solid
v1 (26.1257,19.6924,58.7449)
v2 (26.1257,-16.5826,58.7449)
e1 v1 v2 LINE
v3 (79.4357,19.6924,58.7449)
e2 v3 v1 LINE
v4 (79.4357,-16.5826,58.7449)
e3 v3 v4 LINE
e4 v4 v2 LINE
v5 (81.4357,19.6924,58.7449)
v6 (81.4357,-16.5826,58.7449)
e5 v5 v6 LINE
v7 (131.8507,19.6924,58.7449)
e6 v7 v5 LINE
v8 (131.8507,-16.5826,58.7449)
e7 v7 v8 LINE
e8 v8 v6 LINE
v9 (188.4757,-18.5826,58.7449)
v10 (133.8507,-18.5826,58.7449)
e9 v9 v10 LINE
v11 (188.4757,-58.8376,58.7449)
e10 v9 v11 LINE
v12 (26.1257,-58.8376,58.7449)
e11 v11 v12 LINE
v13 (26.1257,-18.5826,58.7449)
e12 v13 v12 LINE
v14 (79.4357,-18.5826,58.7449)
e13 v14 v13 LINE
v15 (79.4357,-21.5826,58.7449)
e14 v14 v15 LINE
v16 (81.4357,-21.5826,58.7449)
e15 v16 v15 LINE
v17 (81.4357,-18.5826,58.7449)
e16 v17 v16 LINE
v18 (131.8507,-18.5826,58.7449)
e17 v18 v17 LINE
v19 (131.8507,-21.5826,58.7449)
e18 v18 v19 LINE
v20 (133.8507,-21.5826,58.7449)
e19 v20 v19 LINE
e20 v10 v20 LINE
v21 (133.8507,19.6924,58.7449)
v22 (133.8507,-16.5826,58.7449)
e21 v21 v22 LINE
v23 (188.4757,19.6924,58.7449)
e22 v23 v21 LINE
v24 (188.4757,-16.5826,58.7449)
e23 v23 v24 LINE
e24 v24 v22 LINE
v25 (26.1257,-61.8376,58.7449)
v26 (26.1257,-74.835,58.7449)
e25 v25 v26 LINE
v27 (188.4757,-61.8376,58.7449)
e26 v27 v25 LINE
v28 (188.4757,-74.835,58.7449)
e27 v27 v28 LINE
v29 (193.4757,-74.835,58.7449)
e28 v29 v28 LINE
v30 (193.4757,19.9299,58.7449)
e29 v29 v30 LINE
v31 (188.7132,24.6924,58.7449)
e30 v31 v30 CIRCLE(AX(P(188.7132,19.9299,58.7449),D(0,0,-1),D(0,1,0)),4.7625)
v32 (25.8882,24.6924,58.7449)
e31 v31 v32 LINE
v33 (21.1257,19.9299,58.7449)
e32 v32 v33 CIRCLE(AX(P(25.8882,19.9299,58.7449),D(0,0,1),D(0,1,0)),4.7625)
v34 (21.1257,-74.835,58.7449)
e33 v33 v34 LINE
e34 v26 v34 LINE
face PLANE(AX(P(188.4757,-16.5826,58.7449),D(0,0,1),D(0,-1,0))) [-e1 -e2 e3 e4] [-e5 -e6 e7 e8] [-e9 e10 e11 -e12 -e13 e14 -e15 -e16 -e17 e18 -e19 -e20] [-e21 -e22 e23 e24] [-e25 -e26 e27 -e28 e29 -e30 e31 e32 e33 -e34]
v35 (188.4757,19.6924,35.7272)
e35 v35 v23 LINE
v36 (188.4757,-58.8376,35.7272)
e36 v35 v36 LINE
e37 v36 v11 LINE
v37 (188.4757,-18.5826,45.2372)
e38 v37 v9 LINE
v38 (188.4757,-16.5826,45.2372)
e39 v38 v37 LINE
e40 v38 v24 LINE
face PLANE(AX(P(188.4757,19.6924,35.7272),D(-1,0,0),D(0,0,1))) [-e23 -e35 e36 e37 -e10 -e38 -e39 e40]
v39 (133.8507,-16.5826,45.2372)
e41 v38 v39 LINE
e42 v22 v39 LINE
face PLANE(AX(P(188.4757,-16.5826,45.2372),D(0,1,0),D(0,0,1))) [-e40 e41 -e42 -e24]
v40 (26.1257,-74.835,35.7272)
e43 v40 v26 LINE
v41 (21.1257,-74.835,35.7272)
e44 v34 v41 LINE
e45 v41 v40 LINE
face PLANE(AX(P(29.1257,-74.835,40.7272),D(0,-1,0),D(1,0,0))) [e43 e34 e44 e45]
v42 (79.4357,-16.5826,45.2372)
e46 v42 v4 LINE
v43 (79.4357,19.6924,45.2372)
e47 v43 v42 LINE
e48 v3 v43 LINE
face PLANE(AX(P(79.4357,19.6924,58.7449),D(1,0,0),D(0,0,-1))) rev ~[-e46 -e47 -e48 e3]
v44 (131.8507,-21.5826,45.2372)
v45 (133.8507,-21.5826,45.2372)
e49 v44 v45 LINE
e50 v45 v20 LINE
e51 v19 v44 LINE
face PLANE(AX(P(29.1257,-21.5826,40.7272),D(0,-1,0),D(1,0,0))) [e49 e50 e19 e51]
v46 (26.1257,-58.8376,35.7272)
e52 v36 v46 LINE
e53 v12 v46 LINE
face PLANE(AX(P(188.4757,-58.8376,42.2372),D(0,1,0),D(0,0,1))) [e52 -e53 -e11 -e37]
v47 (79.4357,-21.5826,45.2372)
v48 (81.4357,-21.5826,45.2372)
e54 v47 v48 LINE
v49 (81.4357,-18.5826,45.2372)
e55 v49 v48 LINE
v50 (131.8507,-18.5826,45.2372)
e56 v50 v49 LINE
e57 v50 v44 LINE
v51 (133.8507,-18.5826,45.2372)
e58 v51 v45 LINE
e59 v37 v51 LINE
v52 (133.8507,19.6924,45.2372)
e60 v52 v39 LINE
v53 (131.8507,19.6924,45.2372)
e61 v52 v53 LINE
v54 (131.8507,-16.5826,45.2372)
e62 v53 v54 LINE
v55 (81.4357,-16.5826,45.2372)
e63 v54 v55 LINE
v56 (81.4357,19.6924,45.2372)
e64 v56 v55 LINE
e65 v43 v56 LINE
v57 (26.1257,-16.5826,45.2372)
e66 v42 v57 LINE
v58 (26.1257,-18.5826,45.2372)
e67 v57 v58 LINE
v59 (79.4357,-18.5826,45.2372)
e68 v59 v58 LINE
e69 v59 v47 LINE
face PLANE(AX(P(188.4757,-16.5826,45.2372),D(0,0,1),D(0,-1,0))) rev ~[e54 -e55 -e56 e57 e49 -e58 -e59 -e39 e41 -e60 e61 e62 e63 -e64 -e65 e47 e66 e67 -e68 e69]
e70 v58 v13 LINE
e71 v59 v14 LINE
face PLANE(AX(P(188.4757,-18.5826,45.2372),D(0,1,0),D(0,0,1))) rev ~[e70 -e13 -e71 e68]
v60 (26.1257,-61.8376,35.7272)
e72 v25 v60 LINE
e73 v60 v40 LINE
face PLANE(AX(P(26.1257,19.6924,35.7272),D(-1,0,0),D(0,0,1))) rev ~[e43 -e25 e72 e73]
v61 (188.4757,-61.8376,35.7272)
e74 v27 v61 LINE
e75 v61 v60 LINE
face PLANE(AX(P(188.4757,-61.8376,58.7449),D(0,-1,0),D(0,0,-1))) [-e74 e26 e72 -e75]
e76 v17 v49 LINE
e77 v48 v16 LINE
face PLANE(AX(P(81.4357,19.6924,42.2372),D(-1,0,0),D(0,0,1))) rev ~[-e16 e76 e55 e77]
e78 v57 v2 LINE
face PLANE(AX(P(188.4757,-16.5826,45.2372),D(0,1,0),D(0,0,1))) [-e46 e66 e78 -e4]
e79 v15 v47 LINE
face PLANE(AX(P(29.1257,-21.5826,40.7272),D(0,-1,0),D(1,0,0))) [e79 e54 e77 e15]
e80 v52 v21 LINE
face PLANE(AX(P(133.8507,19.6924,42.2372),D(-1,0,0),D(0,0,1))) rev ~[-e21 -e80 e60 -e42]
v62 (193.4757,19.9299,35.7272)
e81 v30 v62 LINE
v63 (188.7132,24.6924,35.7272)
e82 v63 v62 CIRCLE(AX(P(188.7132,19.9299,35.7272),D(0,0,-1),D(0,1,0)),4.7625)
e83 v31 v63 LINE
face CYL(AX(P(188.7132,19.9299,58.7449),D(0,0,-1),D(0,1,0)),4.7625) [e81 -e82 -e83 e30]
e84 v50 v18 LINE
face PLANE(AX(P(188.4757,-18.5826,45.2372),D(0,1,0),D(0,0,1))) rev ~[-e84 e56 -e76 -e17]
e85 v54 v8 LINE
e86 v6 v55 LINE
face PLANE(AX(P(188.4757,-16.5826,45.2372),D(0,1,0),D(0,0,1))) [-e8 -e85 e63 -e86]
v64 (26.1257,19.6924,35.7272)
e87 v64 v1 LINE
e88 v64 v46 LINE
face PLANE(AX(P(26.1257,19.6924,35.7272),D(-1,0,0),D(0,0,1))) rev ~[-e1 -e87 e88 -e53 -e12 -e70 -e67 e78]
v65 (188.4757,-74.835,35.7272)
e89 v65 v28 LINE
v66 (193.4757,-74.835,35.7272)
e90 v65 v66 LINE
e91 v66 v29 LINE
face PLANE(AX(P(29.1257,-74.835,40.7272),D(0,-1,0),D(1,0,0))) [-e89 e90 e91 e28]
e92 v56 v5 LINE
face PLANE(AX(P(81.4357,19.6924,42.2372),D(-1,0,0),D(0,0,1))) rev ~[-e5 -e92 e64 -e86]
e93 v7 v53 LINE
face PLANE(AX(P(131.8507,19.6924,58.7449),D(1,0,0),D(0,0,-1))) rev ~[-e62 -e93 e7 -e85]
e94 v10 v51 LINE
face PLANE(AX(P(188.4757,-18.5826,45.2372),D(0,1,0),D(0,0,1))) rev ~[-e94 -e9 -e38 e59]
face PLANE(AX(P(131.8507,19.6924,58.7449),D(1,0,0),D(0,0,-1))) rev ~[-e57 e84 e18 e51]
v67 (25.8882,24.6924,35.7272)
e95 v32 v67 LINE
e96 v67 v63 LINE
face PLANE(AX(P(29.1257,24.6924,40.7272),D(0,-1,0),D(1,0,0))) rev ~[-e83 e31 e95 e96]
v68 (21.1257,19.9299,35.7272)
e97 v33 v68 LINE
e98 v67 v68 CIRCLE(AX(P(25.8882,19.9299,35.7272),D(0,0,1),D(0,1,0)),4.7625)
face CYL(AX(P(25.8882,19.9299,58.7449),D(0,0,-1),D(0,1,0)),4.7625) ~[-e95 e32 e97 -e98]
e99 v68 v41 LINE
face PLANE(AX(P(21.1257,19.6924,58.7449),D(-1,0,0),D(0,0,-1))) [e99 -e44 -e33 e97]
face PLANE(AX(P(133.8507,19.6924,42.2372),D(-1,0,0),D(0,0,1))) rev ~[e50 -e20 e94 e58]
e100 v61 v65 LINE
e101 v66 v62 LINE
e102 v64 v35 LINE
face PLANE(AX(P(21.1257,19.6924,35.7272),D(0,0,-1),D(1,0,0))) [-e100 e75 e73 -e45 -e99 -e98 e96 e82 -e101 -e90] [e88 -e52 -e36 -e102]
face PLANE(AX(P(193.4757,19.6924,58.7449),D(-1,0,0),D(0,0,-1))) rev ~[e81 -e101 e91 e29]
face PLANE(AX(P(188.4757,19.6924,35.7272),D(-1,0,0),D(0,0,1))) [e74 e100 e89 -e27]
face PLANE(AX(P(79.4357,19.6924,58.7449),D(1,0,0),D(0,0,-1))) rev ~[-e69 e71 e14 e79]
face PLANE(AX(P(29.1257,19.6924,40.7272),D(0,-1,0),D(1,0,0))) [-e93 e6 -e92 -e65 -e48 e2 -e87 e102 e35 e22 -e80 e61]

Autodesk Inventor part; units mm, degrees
ref_plane "YZ Plane" through (0, 0, 0) normal (1, 0, 0) x (0, 1, 0)
ref_plane "XZ Plane" through (0, 0, 0) normal (0, 1, 0) x (-1, 0, 0)
ref_plane "XY Plane" through (0, 0, 0) normal (0, 0, 1) x (1, 0, 0)
ref_plane "boardTop(tolerance)" through (29.1257, 19.6924, 40.7272) normal (0, -1, 0) x (1, 0, 0)
sketch "Sketch3" plane through (29.1257, 19.6924, 40.7272) normal (0, -1, 0) x (1, 0, 0)
  line L0 (-2, 1.51) -> (-2, 0)
  line L1 (158.35, 0) -> (158.35, 1.51)
  line L2 (-8, 18.0177) -> (-8, -5)
  line L3 (164.35, 18.0177) -> (164.35, -5)
  line L4 (164.35, 18.0177) -> (-8, 18.0177)
  line L5 (-8, -5) -> (164.35, -5)
  point P0 (-29.1257, -40.7272)
  point P1 (158.35, 0.755)
  dimension "d12" = 6
  dimension "d13" = 6
extrude "Extrusion3" add sketch "Sketch3" against normal blind 5
ref_plane "boardBottom(tolerance)" through (185.4757, -59.8376, 42.2372) normal (0, -1, 0) x (-1, 0, 0)
sketch "Sketch4" plane through (29.1257, 19.6924, 40.7272) normal (0, -1, 0) x (1, 0, 0)
  line L0 (-2, 1.51) -> (-2, 0)
  line L1 (158.35, 1.51) -> (158.35, 0)
  line L2 (-8, 18.0177) -> (-8, -5) projected
  line L3 (-8, -5) -> (164.35, -5) projected
  line L4 (164.35, -5) -> (164.35, 18.0177) projected
  line L5 (164.35, 18.0177) -> (-8, 18.0177) projected
  line L6 (159.35, -5) -> (159.35, 18.0177)
  line L7 (-8, 18.0177) -> (164.35, 18.0177) projected
  line L8 (-3, -5) -> (-3, 18.0177)
  point P0 (-29.1257, -40.7272)
  point P1 (158.35, 0.755)
  point P2 (-2, 0.755)
  point P3 (-3, 18.0177)
  dimension "d17" = 1
  dimension "d18" = 1
extrude "Extrusion4" add sketch "Sketch4" along normal blind 94.5274 contours L5 L8 L3 L2 | L5 L4 L3 L6
ref_plane "boardRight(tolerance)" through (188.4757, 19.6924, 35.7272) normal (-1, 0, 0) x (0, -1, 0)
sketch "Sketch5" plane through (188.4757, -74.835, 35.7272) normal (-1, 0, 0) x (0, 0, 1)
  line L0 (5, 15.9974) -> (6.51, 15.9974) projected
  line L1 (0, 94.5274) -> (23.0177, 94.5274) projected
  line L2 (0, 94.5274) -> (0, 0) projected
  line L3 (23.0177, 0) -> (0, 0) projected
  line L4 (23.0177, 94.5274) -> (23.0177, 0) projected
  line L5 (0, 94.5274) -> (0, 0) projected
  line L6 (0, 15.9974) -> (23.0177, 15.9974)
  line L7 (23.0177, 15.9974) -> (23.0177, 12.9974)
  line L8 (23.0177, 12.9974) -> (0, 12.9974)
  line L9 (0, 12.9974) -> (0, 15.9974)
  point P0 (-35.7272, 74.835)
  point P1 (0, 12.9974)
  point P2 (6.51, 15.9974)
  dimension "d21" = 3
ref_plane "boardLeft(tolerance)" through (26.1257, 19.6924, 58.7449) normal (1, 0, 0) x (0, -1, 0)
extrude "Extrusion5" add sketch "Sketch5" along normal up to surface (162.35 mm away) contours L0 L6 L4 L8 L2
sketch "Sketch6" plane through (29.1257, 19.6924, 40.7272) normal (0, -1, 0) x (1, 0, 0)
  line L0 (48.3131, 6.295) -> (48.54, 4.395) projected
  line L1 (54.3069, 2.495) -> (54.08, 4.395) projected
  line L2 (99.8531, 6.295) -> (100.08, 4.395) projected
  line L3 (107.5969, 2.495) -> (107.37, 4.395) projected
  line L4 (-3, 18.0177) -> (-3, -5) projected
  line L5 (-3, -5) -> (159.35, -5) projected
  line L6 (159.35, -5) -> (159.35, 18.0177) projected
  line L7 (159.35, 18.0177) -> (-3, 18.0177) projected
  line L8 (0, 1.51) -> (156.35, 1.51) projected
  line L9 (102.725, 1.51) -> (104.725, 1.51)
  line L10 (104.725, 1.51) -> (104.725, 18.0177)
  line L11 (104.725, 18.0177) -> (102.725, 18.0177)
  line L12 (102.725, 18.0177) -> (102.725, 1.51)
  line L13 (159.35, 18.0177) -> (-3, 18.0177) projected
  line L14 (50.31, 1.51) -> (52.31, 1.51)
  line L15 (52.31, 1.51) -> (52.31, 18.0177)
  line L16 (52.31, 18.0177) -> (50.31, 18.0177)
  line L17 (50.31, 18.0177) -> (50.31, 1.51)
  line L18 (48.4266, 5.345) -> (50.31, 5.345) construction
  line L19 (54.1934, 3.445) -> (52.31, 3.445) construction
  line L20 (99.9666, 5.345) -> (102.725, 5.345) construction
  line L21 (107.4834, 3.445) -> (104.725, 3.445) construction
  point P0 (-29.1257, -40.7272)
  point P1 (124.6421, 15.795)
  dimension "d31" = 2
  dimension "d32" = 2
extrude "Extrusion6" add sketch "Sketch6" along normal blind 41.275 contours L7 L15 L8 L17 | L7 L10 L8 L12
sketch "Sketch7" plane through (133.8507, 19.6924, 42.2372) normal (0, 0, -1) x (-1, 0, 0)
  line L0 (2, 0) -> (2, -41.275) projected
  line L1 (0, 0) -> (0, -41.275) projected
  line L2 (2, -41.275) -> (0, -41.275) projected
  line L3 (54.415, 0) -> (54.415, -41.275) projected
  line L4 (52.415, 0) -> (52.415, -41.275) projected
  line L5 (54.415, -41.275) -> (52.415, -41.275) projected
  line L6 (0, 0) -> (2, 0)
  line L7 (54.415, 0) -> (52.415, 0)
  point P0 (133.8507, -19.6924)
extrude "Extrusion7" cut sketch "Sketch7" against normal blind 3
sketch "Sketch9" plane through (188.4757, 19.6924, 35.7272) normal (-1, 0, 0) x (0, 0, 1)
  line L0 (23.0177, 0) -> (23.0177, -41.275) projected
  line L1 (23.0177, -41.275) -> (9.51, -41.275) projected
  line L2 (9.51, 0) -> (9.51, -41.275) projected
  line L3 (9.51, -38.275) -> (23.0177, -38.275)
  line L4 (23.0177, 0) -> (23.0177, -78.53) projected
  line L5 (9.51, -36.275) -> (23.0177, -36.275)
  point P0 (-35.7272, -19.6924)
  point P1 (23.0177, -36.275)
  point P2 (23.0177, -38.275)
  dimension "d35" = 3
  dimension "d37" = 2
extrude "Extrusion8" add sketch "Sketch9" along normal up to surface (162.35 mm away) contours L0 L3 L2 L5
fillet "Fillet1" radius 4.7625 2 edges at (21.1257, 24.6924, 47.236) (193.4757, 24.6924, 47.236)
properties part number "case"
